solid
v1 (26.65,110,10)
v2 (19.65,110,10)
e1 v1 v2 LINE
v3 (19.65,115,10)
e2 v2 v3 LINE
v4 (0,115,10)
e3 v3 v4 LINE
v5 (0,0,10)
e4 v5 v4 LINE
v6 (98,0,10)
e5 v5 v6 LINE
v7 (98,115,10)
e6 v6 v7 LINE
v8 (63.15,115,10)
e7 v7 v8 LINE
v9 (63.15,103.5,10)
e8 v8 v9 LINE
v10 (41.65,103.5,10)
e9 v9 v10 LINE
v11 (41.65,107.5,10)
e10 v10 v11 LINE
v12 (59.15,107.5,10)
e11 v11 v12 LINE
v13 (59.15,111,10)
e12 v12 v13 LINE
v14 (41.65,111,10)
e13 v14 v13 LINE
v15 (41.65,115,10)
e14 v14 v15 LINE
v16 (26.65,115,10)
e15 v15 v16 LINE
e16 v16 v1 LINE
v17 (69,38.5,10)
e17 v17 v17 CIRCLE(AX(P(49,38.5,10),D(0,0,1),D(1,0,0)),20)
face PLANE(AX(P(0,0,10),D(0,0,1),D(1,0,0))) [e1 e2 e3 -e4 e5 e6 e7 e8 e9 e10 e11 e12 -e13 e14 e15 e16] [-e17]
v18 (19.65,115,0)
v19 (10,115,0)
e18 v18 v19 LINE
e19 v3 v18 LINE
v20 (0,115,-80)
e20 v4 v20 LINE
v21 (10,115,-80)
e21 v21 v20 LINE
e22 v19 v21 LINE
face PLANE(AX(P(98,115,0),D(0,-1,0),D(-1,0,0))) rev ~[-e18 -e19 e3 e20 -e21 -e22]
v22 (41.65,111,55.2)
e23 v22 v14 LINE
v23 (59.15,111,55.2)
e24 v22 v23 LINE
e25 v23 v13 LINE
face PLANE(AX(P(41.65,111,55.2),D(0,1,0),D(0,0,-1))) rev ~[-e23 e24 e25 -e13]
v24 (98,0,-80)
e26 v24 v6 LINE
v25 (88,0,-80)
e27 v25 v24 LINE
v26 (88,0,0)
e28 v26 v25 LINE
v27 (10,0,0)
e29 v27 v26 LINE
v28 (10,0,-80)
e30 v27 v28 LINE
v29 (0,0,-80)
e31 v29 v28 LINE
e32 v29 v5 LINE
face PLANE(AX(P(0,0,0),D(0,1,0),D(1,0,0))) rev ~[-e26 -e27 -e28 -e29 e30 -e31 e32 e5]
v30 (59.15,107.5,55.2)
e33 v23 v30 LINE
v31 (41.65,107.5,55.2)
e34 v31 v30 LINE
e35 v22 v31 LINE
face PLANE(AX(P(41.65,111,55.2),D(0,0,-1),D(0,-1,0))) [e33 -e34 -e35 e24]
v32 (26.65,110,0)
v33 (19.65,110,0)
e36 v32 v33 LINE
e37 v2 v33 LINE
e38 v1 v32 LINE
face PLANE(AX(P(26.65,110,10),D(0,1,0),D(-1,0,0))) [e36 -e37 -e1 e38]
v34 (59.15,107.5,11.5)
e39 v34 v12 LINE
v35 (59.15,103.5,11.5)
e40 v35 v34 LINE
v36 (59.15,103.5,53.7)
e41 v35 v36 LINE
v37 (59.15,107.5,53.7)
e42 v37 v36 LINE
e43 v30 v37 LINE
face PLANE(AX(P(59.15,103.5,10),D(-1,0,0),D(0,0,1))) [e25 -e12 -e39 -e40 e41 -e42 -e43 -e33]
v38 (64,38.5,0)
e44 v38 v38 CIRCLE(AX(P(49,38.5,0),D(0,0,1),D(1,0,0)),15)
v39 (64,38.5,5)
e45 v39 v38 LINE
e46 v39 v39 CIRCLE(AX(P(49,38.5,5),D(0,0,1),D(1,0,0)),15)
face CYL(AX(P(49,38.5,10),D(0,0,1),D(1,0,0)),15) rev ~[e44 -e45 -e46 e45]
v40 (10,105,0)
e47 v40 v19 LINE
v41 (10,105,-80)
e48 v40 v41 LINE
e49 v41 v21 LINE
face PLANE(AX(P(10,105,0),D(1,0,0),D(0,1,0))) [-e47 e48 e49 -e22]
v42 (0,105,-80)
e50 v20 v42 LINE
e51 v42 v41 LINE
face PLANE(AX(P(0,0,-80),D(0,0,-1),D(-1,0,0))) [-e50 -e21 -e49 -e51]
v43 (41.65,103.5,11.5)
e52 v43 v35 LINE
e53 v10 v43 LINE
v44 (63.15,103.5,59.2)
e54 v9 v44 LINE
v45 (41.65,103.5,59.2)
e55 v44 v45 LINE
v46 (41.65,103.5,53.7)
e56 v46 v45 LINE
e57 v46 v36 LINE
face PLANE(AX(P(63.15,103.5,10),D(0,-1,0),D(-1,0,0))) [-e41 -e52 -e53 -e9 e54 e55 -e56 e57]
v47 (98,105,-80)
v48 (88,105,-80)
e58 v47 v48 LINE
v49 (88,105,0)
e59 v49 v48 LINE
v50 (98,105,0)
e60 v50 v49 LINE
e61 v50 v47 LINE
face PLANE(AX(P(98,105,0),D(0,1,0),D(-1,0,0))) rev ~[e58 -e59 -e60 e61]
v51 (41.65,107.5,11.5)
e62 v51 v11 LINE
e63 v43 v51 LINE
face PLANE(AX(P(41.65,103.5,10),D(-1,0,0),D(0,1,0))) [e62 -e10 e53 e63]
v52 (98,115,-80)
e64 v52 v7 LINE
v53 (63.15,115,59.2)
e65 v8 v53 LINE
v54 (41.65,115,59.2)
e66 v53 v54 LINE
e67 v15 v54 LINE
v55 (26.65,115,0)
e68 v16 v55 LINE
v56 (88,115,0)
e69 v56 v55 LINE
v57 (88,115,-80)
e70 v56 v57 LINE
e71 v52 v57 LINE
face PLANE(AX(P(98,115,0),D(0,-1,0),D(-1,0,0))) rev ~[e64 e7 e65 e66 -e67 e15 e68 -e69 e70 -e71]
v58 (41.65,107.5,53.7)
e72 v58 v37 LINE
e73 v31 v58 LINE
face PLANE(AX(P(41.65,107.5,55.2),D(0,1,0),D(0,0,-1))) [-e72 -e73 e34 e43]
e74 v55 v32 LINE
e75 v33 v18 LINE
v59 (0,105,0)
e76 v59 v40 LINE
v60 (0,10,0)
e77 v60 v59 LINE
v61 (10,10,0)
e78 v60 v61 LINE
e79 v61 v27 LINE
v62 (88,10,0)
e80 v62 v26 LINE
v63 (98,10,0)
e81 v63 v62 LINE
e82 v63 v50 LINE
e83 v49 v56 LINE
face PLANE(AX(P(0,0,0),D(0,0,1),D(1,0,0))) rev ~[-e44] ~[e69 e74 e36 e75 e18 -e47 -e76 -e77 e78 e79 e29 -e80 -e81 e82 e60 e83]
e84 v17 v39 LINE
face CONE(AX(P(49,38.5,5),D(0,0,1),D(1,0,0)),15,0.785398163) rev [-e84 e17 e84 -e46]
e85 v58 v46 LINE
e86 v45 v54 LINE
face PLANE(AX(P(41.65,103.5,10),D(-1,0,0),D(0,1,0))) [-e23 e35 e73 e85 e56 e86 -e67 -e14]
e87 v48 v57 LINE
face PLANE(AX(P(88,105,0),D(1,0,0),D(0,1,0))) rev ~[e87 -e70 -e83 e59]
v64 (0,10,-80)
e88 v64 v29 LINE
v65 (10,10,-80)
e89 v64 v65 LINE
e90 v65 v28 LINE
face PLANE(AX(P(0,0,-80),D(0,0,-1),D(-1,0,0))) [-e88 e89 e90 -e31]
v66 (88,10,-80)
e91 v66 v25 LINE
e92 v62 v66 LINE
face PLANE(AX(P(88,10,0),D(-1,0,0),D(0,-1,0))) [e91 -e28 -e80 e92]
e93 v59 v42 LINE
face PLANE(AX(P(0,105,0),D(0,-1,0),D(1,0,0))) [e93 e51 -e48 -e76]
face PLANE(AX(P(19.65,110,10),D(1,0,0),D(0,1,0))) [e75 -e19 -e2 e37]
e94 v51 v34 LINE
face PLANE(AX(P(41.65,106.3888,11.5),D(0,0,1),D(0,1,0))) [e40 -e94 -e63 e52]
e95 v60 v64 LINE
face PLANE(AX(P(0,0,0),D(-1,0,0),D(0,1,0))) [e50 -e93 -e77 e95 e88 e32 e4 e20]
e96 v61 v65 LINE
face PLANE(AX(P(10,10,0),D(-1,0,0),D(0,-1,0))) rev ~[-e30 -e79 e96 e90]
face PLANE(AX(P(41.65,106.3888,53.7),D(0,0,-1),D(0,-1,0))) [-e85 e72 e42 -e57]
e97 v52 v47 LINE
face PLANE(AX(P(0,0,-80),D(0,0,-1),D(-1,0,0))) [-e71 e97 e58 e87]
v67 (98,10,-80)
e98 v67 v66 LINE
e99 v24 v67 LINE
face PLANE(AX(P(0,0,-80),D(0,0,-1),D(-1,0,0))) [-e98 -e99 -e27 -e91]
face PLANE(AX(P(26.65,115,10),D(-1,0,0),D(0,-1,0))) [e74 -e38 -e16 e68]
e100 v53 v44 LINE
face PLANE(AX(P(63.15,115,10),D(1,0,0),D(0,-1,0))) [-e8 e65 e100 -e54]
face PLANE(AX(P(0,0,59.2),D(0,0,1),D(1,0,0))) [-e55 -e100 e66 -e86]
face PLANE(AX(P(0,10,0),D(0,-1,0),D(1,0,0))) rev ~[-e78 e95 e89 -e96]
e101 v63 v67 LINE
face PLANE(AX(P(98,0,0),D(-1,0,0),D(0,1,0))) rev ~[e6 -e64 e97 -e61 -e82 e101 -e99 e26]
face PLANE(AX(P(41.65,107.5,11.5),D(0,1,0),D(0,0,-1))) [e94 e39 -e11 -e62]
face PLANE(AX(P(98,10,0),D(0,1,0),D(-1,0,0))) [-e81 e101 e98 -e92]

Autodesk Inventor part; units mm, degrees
ref_plane "YZ Plane" through (0, 0, 0) normal (1, 0, 0) x (0, 1, 0)
ref_plane "XZ Plane" through (0, 0, 0) normal (0, 1, 0) x (-1, 0, 0)
ref_plane "XY Plane" through (0, 0, 0) normal (0, 0, 1) x (1, 0, 0)
sketch "Skizze1" plane through (0, 0, 0) normal (0, 0, 1) x (1, 0, 0)
  line L0 (-19.6, 0) -> (117.6, 0) projected
  line L1 (0, -23) -> (0, 138) projected
  line L2 (0, 0) -> (98, 0)
  line L3 (98, 0) -> (98, 115)
  line L4 (98, 115) -> (0, 115)
  line L5 (0, 115) -> (0, 0)
  point P0 (0, 115)
  dimension "d0" = 115
  dimension "d1" = 98
extrude "Extrusion1" add sketch "Skizze1" along normal blind 10
sketch "Skizze2" plane through (0, 0, 10) normal (0, 0, 1) x (1, 0, 0)
  line L0 (98, 115) -> (0, 115) projected
  line L1 (41.65, 115) -> (63.15, 115)
  line L2 (63.15, 115) -> (63.15, 103.5)
  line L3 (63.15, 103.5) -> (41.65, 103.5)
  line L4 (41.65, 103.5) -> (41.65, 115)
  line L5 (98, 0) -> (98, 115) projected
  point P0 (0, 0)
  dimension "d4" = 21.5
  dimension "d5" = 11.5
  dimension "d6" = 34.85
extrude "Extrusion2" add sketch "Skizze2" along normal blind 49.2
sketch "Skizze3" plane through (41.65, 103.5, 10) normal (-1, 0, 0) x (0, 0, 1)
  line L0 (45.2, 7.5) -> (45.2, 4)
  line L1 (45.2, 4) -> (43.7, 4)
  line L2 (43.7, 4) -> (43.7, 2.8888)
  line L3 (0, 0) -> (0, 11.5) projected
  line L4 (45.2, 7.5) -> (0, 7.5)
  line L5 (0, 11.5) -> (0, 0) projected
  line L6 (0, 4) -> (0, 7.5)
  line L7 (49.2, 11.5) -> (49.2, 0) projected
  line L8 (0, 11.5) -> (49.2, 11.5) projected
  line L9 (0, 0) -> (49.2, 0) projected
  line L10 (1.5, 2.8888) -> (1.5, 4)
  line L11 (1.5, 4) -> (0, 4)
  line L12 (43.7, 2.8888) -> (43.7, 0)
  line L13 (1.5, 2.8888) -> (1.5, 0)
  point P0 (-10, -103.5)
  point P1 (0, 4)
  dimension "d9" = 4
  dimension "d10" = 4
  dimension "d11" = 4
  dimension "d12" = 4
  dimension "d13" = 1.5
  dimension "d14" = 1.5
extrude "Extrusion3" cut sketch "Skizze3" against normal blind 17.5 contours L0 L1 L2 L12 L9 L13 L10 L11 L3 L4
sketch "Skizze4" plane through (0, 0, 10) normal (0, 0, 1) x (1, 0, 0)
  line L0 (98, 115) -> (0, 115) projected
  line L1 (19.65, 115) -> (26.65, 115)
  line L2 (26.65, 115) -> (26.65, 110)
  line L3 (26.65, 110) -> (19.65, 110)
  line L4 (19.65, 110) -> (19.65, 115)
  line L5 (41.65, 115) -> (41.65, 103.5) projected
  point P0 (0, 0)
  dimension "d17" = 7
  dimension "d18" = 5
  dimension "d19" = 15
extrude "Extrusion4" cut sketch "Skizze4" against normal blind 10
sketch "Skizze5" plane through (0, 0, 0) normal (0, 0, -1) x (-1, 0, 0)
  line L0 (-19.65, 115) -> (0, 115) projected
  line L1 (0, 115) -> (0, 0) projected
  line L2 (-10, 115) -> (0, 115)
  line L3 (0, 115) -> (0, 105)
  line L4 (0, 105) -> (-10, 105)
  line L5 (-10, 105) -> (-10, 115)
  line L6 (0, 0) -> (-98, 0) projected
  line L7 (0, 10) -> (-10, 10)
  line L8 (-10, 10) -> (-10, 0)
  line L9 (-10, 0) -> (0, 0)
  line L10 (0, 0) -> (0, 10)
  line L11 (-98, 10) -> (-88, 10)
  line L12 (-88, 10) -> (-88, 0)
  line L13 (-88, 0) -> (-98, 0)
  line L14 (-98, 0) -> (-98, 10)
  line L15 (-98, 115) -> (-26.65, 115) projected
  line L16 (-88, 115) -> (-98, 115)
  line L17 (-98, 115) -> (-98, 105)
  line L18 (-98, 105) -> (-88, 105)
  line L19 (-88, 105) -> (-88, 115)
  line L20 (-98, 0) -> (-98, 115) projected
  point P0 (-98, 0)
  point P1 (-88, 0)
  dimension "d22" = 10
  dimension "d23" = 10
  dimension "d24" = 10
  dimension "d25" = 10
  dimension "d26" = 10
  dimension "d27" = 10
  dimension "d28" = 10
  dimension "d29" = 10
  dimension "d40" = 0
extrude "Extrusion5" add sketch "Skizze5" along normal blind 80
sketch "Skizze6" plane through (0, 0, 10) normal (0, 0, 1) x (1, 0, 0)
  circle A0 centre (49, 38.5) radius 15
  line L0 (0, 115) -> (0, 0) projected
  line L1 (41.65, 103.5) -> (63.15, 103.5) projected
  dimension "d32" = 30
  dimension "d33" = 49
  dimension "d34" = 65
extrude "Extrusion6" cut sketch "Skizze6" against normal blind 10
chamfer "Fase1" distance 5 angle 45 1 edges at (34, 38.5, 10)
properties part number "Senso_Halter" material "Acetalharz, Schwarz"
